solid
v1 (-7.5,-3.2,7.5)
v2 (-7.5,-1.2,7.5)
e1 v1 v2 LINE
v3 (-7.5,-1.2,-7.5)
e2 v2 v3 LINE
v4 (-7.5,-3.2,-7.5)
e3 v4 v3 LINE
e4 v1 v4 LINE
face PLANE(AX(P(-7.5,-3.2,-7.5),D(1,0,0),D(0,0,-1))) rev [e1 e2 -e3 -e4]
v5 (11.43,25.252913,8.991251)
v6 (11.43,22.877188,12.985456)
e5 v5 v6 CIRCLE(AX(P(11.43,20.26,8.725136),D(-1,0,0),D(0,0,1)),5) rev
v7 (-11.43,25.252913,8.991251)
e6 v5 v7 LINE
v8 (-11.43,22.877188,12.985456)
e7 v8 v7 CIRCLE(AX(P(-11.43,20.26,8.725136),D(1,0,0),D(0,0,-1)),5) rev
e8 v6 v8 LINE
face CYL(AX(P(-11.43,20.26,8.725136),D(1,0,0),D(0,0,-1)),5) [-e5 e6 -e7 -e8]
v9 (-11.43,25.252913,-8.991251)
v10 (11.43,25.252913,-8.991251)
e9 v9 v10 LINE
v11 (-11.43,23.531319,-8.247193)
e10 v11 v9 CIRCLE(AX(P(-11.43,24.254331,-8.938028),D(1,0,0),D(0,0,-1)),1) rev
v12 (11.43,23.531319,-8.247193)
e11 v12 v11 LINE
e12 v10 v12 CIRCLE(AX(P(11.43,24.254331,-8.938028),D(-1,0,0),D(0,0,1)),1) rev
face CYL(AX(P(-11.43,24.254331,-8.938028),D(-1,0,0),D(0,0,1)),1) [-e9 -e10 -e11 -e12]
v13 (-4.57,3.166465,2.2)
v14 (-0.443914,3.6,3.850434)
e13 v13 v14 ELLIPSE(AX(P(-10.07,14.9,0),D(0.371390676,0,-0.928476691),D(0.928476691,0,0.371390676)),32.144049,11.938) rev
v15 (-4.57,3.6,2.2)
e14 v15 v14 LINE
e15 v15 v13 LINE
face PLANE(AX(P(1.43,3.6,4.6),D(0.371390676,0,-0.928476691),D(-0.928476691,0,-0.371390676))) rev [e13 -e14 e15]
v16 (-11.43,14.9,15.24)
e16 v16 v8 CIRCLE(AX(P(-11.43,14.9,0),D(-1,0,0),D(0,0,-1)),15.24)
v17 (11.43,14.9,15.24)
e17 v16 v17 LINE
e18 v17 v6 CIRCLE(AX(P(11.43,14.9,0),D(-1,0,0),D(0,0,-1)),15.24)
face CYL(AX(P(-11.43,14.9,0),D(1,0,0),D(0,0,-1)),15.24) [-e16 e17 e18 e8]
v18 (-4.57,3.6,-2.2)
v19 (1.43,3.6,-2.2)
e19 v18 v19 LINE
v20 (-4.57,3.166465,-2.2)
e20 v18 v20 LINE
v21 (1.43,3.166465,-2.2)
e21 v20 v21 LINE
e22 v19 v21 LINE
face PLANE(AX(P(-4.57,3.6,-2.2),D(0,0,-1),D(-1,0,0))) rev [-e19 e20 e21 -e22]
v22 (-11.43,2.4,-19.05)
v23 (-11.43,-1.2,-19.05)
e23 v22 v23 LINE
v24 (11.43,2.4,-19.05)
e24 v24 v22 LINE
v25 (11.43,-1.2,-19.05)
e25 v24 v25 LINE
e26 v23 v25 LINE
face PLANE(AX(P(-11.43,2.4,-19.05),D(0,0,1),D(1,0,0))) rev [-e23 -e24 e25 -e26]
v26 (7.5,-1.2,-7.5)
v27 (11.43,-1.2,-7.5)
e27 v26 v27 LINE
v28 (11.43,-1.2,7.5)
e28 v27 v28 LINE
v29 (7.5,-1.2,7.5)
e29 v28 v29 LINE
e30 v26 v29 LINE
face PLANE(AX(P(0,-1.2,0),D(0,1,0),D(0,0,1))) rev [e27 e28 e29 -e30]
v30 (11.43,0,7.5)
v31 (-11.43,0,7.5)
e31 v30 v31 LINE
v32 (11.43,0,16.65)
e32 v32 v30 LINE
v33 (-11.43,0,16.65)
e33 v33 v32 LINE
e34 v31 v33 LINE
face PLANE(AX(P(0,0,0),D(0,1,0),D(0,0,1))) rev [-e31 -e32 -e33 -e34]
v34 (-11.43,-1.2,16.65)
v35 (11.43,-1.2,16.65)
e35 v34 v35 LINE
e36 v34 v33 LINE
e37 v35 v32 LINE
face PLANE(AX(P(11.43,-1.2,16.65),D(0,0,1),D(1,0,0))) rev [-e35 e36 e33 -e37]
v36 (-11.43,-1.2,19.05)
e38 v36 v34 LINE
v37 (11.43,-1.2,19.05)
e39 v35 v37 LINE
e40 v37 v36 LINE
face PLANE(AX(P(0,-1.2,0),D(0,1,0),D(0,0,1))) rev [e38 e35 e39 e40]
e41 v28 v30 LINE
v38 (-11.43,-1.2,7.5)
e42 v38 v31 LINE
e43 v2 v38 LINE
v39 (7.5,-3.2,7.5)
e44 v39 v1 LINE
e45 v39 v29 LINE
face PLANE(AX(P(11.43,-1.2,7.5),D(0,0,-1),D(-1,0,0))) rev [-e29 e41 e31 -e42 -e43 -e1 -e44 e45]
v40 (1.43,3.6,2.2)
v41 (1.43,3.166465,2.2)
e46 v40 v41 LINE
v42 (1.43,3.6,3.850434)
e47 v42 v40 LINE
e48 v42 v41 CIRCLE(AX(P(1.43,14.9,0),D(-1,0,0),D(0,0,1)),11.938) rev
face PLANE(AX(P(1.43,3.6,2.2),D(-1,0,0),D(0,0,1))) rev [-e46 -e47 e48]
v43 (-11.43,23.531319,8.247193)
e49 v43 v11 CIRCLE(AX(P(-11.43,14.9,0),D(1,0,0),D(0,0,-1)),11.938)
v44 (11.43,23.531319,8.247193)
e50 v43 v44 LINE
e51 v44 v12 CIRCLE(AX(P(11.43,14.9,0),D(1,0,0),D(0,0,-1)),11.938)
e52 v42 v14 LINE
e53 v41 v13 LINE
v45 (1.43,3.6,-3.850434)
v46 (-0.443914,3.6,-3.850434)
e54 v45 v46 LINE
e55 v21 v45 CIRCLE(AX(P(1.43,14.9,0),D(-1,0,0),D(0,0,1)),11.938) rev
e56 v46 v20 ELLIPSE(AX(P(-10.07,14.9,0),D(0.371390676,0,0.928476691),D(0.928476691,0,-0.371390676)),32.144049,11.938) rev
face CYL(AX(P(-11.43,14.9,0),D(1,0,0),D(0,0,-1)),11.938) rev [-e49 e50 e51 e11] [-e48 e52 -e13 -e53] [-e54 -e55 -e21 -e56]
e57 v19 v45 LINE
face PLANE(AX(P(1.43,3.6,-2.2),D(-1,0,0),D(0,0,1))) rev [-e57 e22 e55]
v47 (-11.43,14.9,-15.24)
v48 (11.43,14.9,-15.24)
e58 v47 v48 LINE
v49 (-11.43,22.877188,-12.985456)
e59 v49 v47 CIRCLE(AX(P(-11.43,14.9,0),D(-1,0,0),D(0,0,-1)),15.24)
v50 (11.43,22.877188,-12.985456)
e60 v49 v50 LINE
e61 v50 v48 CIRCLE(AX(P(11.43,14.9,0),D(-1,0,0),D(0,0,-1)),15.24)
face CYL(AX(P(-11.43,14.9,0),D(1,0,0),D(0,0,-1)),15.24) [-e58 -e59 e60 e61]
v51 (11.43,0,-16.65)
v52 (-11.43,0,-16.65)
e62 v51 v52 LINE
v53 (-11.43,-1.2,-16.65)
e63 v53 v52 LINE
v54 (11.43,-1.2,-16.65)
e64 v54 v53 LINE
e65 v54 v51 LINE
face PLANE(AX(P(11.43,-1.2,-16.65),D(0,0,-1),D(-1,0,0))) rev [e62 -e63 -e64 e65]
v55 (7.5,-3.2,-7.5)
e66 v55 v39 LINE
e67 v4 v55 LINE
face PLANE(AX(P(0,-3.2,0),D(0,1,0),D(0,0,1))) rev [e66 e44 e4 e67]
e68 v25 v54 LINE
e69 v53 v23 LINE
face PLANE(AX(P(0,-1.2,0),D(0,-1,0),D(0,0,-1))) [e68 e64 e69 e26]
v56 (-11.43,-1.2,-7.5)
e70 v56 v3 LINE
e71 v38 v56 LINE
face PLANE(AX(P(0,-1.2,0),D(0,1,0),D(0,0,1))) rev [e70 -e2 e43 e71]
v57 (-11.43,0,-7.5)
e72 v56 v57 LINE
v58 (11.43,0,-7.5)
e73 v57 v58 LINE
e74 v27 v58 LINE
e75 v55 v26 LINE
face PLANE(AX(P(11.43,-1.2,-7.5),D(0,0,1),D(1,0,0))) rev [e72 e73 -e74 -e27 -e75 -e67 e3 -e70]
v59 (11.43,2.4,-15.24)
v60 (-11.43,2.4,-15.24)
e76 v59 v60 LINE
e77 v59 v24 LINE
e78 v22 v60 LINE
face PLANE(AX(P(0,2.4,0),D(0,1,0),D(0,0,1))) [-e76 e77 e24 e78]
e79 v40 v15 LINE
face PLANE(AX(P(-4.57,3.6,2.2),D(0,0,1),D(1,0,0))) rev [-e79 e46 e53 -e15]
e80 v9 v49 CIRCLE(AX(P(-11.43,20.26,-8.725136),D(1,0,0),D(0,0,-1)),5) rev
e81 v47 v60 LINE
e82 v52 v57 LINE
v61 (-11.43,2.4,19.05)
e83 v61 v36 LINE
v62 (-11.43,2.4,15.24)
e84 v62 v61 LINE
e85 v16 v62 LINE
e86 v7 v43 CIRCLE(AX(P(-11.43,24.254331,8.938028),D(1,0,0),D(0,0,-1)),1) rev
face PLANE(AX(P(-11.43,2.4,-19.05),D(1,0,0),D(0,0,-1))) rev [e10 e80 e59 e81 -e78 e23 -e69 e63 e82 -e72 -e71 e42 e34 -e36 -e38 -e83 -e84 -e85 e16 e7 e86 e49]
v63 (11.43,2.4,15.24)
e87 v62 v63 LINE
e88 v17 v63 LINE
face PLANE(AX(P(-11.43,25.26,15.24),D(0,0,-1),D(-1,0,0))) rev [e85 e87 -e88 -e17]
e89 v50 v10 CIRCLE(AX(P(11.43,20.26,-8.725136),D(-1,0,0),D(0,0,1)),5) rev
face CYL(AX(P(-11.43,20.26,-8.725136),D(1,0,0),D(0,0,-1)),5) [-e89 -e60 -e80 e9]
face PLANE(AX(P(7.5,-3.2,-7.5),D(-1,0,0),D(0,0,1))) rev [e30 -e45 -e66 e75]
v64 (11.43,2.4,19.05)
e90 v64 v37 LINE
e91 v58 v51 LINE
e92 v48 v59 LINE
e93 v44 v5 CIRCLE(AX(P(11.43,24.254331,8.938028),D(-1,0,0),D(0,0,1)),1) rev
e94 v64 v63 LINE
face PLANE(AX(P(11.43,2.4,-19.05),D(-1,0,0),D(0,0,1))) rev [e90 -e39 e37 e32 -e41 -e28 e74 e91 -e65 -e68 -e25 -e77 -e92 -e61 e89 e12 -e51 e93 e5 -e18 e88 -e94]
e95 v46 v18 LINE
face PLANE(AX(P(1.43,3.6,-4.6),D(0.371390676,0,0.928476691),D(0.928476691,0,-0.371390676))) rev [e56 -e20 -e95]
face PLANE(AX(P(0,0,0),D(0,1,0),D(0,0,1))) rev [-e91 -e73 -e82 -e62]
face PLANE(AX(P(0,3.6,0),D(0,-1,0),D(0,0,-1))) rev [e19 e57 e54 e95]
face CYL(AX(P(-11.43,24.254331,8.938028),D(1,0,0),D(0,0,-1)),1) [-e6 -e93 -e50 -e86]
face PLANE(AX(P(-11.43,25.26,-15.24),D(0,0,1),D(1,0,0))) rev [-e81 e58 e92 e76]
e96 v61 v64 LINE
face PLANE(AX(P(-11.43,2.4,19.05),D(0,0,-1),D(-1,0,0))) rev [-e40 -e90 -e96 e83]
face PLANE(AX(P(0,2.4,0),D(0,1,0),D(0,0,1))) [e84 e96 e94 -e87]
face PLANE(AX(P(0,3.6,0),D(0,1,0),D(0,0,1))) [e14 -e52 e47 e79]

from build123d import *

# Parameters (mm, degrees)
SKETCH1_W           = 22.86
SKETCH1_H           = 38.1
BOSS_EXTRUDE1_DEPTH = 2.4
SKETCH2_W           = 22.86
SKETCH2_H           = 15
SKETCH2_H_2         = 2.4
BOSS_EXTRUDE2_DEPTH = 1.2
SKETCH3_W           = 15
SKETCH3_H           = 15
BOSS_EXTRUDE3_DEPTH = 2
SKETCH4_W           = 22.86
SKETCH4_H           = 30.48
BOSS_EXTRUDE4_DEPTH = 22.86
SKETCH5_R           = 11.938
CUT_EXTRUDE1_DEPTH  = 40.032674774
CUT_EXTRUDE2_DEPTH  = 40.032674774
FILLET1_R           = 5
FILLET2_R           = 1
BOSS_EXTRUDE5_DEPTH = 1.2


with BuildPart() as part:
    # Sketch1 → Boss-Extrude1 (new body)
    with BuildSketch(Plane(origin=(0, 0, 0), x_dir=(1, 0, 0), z_dir=(0, 1, 0))):
        Rectangle(SKETCH1_W, SKETCH1_H)
    extrude(amount=BOSS_EXTRUDE1_DEPTH)

    # Sketch2 → Boss-Extrude2 (add)
    with BuildSketch(Plane.XZ):
        Rectangle(SKETCH2_W, SKETCH2_H)
        with Locations((0, -17.85)):
            Rectangle(SKETCH2_W, SKETCH2_H_2)
        with Locations((0, 17.85)):
            Rectangle(SKETCH2_W, SKETCH2_H_2)
    extrude(amount=BOSS_EXTRUDE2_DEPTH)

    # Sketch3 → Boss-Extrude3 (add)
    with BuildSketch(Plane.XZ.offset(1.2)):
        Rectangle(SKETCH3_W, SKETCH3_H)
    extrude(amount=BOSS_EXTRUDE3_DEPTH)

    # Sketch4 → Boss-Extrude4 (add)
    with BuildSketch(Plane(origin=(0, 2.4, 0), x_dir=(1, 0, 0), z_dir=(0, 1, 0))):
        Rectangle(SKETCH4_W, SKETCH4_H)
    extrude(amount=BOSS_EXTRUDE4_DEPTH)

    # Sketch5 → Cut-Extrude1 (cut, through all)
    with BuildSketch(Plane(origin=(11.43, 0, 0), x_dir=(0, 0, -1), z_dir=(1, 0, 0))):
        with Locations((0, 14.9)):
            Circle(SKETCH5_R)
    extrude(amount=-CUT_EXTRUDE1_DEPTH, mode=Mode.SUBTRACT)

    # Sketch6 → Cut-Extrude2 (cut, through all)
    with BuildSketch(Plane(origin=(11.43, 0, 0), x_dir=(0, 0, -1), z_dir=(1, 0, 0))):
        with BuildLine():
            Line((-15.24, 25.26), (-11.177119486, 25.26))
            ThreePointArc((-11.177119486, 25.26), (-14.187968511, 20.464094672), (-15.24, 14.9))
            Line((-15.24, 14.9), (-15.24, 25.26))
        make_face()
        with BuildLine():
            Line((15.24, 14.9), (15.24, 25.26))
            Line((15.24, 25.26), (11.177119486, 25.26))
            ThreePointArc((11.177119486, 25.26), (14.187968511, 20.464094672), (15.24, 14.9))
        make_face()
    extrude(amount=-CUT_EXTRUDE2_DEPTH, mode=Mode.SUBTRACT)

    # Fillet1
    fillet1_edges = [part.edges().sort_by_distance(p)[0] for p in [
        (0, 25.26, -11.177119486),
        (0, 25.26, 11.177119486),
    ]]
    fillet(fillet1_edges, radius=FILLET1_R)

    # Fillet2
    fillet2_edges = [part.edges().sort_by_distance(p)[0] for p in [
        (0, 25.26, 5.93179939),
        (0, 25.26, -5.93179939),
    ]]
    fillet(fillet2_edges, radius=FILLET2_R)

    # Sketch7 → Boss-Extrude5 (add)
    with BuildSketch(Plane(origin=(0, 2.4, 0), x_dir=(1, 0, 0), z_dir=(0, 1, 0))):
        Polygon((-4.57, 2.2), (1.43, 2.2), (1.43, 4.6), align=None)
        Polygon((1.43, -4.6), (-4.57, -2.2), (1.43, -2.2), align=None)
    extrude(amount=BOSS_EXTRUDE5_DEPTH)


solid = part.part
